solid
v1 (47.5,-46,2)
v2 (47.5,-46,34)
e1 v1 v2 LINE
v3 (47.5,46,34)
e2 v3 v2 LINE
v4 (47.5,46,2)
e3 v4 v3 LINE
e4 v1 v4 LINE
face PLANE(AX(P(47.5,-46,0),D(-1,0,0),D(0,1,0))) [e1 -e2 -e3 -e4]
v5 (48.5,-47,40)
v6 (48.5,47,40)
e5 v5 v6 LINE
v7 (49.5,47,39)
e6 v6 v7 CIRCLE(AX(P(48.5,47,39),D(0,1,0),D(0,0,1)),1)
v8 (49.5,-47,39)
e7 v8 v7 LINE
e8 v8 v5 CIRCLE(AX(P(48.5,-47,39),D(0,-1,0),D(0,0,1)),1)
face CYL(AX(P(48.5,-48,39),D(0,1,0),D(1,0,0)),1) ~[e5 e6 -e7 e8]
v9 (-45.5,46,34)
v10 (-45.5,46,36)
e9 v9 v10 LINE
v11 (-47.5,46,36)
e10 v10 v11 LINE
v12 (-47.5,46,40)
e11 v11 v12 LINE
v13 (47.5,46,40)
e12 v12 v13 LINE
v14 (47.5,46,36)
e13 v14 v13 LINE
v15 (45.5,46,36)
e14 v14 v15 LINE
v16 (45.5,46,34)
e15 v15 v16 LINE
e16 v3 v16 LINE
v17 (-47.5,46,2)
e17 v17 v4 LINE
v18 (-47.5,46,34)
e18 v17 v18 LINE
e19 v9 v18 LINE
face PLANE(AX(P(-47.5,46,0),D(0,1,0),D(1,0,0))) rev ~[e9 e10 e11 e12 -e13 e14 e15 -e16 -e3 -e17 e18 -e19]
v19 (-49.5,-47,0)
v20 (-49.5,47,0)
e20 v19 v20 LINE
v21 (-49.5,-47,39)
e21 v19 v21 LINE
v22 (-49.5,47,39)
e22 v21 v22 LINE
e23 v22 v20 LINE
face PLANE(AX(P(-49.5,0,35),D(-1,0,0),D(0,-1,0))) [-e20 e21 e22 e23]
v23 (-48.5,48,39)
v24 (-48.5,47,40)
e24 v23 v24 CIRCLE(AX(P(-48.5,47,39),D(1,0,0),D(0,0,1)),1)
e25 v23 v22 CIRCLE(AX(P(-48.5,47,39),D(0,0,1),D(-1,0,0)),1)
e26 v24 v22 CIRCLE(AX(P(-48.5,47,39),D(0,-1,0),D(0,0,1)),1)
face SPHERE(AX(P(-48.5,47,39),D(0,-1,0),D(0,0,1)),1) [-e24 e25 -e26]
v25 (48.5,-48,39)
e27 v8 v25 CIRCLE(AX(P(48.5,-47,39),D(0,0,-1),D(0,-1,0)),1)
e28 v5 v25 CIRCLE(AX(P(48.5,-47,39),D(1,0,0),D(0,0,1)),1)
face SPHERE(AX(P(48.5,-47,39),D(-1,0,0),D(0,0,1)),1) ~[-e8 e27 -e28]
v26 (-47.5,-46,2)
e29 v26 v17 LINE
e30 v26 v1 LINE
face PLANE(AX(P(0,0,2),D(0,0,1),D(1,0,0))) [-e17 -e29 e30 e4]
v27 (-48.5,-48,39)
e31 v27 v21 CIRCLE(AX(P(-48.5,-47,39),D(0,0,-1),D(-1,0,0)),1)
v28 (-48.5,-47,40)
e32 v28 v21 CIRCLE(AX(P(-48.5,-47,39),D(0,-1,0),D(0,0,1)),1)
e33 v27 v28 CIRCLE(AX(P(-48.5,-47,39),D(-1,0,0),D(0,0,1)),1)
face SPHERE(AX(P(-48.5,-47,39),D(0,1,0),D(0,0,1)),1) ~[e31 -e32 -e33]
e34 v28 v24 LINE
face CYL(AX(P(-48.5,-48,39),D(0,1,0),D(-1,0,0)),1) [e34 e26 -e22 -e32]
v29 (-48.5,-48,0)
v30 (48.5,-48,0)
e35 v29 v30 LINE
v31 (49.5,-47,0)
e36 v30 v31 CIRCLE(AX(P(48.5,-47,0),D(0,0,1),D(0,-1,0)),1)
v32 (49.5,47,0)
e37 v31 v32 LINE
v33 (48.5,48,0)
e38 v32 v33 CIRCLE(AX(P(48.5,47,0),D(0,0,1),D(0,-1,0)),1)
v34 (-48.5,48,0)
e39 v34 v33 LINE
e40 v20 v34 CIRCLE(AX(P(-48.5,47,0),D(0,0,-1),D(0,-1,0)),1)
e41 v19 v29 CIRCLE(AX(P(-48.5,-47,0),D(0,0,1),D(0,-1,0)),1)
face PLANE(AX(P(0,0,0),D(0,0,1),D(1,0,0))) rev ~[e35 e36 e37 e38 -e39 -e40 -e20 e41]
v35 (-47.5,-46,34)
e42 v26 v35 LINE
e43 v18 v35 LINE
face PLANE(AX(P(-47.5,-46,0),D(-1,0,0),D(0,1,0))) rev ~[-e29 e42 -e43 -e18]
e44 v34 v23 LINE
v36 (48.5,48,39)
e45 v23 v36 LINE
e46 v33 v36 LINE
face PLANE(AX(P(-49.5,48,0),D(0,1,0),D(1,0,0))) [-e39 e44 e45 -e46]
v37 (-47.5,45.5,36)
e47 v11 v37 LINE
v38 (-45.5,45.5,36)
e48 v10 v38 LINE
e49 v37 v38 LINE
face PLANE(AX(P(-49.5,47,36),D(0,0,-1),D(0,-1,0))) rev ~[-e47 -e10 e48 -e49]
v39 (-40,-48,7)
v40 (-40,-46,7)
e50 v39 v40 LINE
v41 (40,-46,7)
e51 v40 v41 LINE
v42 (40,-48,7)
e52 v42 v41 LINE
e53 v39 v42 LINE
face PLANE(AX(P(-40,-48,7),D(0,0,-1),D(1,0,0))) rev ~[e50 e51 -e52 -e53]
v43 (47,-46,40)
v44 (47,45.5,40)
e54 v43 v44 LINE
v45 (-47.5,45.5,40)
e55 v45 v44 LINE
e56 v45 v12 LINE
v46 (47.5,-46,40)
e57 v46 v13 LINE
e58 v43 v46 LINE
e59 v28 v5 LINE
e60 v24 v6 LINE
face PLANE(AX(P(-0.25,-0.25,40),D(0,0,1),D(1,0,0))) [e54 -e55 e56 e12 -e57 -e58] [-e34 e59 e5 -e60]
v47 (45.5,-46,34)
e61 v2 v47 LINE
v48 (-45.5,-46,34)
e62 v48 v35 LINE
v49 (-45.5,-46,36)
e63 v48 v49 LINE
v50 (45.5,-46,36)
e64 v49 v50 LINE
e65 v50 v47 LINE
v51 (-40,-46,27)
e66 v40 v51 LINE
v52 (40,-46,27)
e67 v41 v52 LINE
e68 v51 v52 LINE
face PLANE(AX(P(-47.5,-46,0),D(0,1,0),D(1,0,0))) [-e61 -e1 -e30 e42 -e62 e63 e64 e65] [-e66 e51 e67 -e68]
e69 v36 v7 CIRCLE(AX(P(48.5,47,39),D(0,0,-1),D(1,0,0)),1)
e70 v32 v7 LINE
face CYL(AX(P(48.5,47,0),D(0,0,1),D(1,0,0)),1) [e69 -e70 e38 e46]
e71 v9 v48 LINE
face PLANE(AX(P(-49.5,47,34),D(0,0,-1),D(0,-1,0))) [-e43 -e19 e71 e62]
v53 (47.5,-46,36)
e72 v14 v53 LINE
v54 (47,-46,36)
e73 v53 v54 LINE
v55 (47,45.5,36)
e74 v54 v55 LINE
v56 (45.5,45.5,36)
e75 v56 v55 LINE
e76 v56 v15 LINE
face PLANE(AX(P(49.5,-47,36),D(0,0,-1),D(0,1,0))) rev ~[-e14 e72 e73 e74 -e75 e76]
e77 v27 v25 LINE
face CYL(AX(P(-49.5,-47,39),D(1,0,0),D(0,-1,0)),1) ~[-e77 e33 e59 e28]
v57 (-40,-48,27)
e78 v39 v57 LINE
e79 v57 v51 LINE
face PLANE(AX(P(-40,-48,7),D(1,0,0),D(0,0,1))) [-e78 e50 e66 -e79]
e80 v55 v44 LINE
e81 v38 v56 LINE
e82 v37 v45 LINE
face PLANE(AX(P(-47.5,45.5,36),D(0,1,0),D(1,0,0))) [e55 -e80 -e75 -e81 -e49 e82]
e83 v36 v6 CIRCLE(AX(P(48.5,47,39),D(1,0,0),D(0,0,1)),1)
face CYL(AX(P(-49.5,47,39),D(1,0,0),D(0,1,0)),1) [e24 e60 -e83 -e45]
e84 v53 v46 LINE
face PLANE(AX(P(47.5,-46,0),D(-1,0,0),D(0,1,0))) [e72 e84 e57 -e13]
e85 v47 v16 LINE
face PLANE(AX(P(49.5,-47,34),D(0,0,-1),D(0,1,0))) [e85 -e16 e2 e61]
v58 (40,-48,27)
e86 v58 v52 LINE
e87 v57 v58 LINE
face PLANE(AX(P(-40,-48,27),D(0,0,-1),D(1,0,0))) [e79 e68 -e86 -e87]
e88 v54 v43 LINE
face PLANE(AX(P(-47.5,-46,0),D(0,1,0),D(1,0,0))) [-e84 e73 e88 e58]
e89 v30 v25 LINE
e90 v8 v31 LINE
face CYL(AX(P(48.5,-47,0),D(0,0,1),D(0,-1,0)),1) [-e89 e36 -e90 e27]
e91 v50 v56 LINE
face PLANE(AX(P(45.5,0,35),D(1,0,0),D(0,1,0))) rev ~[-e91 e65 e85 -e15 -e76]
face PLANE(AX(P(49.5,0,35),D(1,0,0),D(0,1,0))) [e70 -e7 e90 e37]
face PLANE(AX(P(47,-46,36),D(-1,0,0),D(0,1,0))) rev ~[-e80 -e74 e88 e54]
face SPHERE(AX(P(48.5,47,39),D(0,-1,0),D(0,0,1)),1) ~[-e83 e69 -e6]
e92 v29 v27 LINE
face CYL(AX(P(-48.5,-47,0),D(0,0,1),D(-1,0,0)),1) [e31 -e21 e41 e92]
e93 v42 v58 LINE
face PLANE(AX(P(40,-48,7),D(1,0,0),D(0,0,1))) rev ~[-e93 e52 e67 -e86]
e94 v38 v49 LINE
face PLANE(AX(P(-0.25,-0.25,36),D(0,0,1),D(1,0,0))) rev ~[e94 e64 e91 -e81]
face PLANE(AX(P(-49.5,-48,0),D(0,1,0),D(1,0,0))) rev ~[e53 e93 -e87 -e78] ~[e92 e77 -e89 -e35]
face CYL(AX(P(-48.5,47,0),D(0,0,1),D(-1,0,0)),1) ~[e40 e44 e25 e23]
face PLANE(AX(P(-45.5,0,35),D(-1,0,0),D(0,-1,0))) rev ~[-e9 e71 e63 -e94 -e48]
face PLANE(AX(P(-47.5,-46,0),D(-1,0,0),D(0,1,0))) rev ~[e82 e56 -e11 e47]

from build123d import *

# Parameters (mm, degrees)
F0_W      = 99
F0_H      = 96
F0_W_2    = 95
F0_H_2    = 92
F1_DEPTH  = 40
F2_DEPTH  = 2
F3_W      = 80
F3_H      = 20
F4_DEPTH  = 2
F5_R      = 1
F6_W      = 94
F6_H      = 2
F7_DEPTH  = 4
F8_W      = 94
F8_H      = 2
F9_DEPTH  = 4
F10_W     = 94.5
F10_H     = 91.5
F11_DEPTH = 4


with BuildPart() as f1:
    # F0 (on Top) → F1 (new body)
    with BuildSketch(Plane.XY):
        Rectangle(F0_W, F0_H)
        Rectangle(F0_W_2, F0_H_2, mode=Mode.SUBTRACT)
    extrude(amount=F1_DEPTH)

    # F0 (on Top) → F2 (join)
    with BuildSketch(Plane.XY):
        Rectangle(F0_W_2, F0_H_2)
    extrude(amount=F2_DEPTH)

    # F3 (on face) → F4 (cut)
    with BuildSketch(Plane.XZ.offset(48)):
        with Locations((0, 17)):
            Rectangle(F3_W, F3_H)
    extrude(amount=-F4_DEPTH, mode=Mode.SUBTRACT)

    # F5
    f5_edges = [f1.edges().sort_by_distance(p)[0] for p in [
        (-49.5, 0, 40),
        (0, -48, 40),
        (49.5, 0, 40),
        (0, 48, 40),
        (-49.5, -48, 20),
        (49.5, -48, 20),
        (49.5, 48, 20),
        (-49.5, 48, 20),
    ]]
    fillet(f5_edges, radius=F5_R)

    # F6 (on face) → F7 (join)
    with BuildSketch(Plane(origin=(-49.5, 0, 0), x_dir=(0, -1, 0), z_dir=(-1, 0, 0))):
        with Locations((0, 35)):
            Rectangle(F6_W, F6_H)
    extrude(amount=-F7_DEPTH)

    # F8 (on face) → F9 (join)
    with BuildSketch(Plane.YZ.offset(49.5)):
        with Locations((0, 35)):
            Rectangle(F8_W, F8_H)
    extrude(amount=-F9_DEPTH)

    # F10 (on face) → F11 (join)
    with BuildSketch(Plane.XY.offset(36)):
        with Locations((-0.25, -0.25)):
            Rectangle(F10_W, F10_H)
    extrude(amount=F11_DEPTH)


solid = f1.part
